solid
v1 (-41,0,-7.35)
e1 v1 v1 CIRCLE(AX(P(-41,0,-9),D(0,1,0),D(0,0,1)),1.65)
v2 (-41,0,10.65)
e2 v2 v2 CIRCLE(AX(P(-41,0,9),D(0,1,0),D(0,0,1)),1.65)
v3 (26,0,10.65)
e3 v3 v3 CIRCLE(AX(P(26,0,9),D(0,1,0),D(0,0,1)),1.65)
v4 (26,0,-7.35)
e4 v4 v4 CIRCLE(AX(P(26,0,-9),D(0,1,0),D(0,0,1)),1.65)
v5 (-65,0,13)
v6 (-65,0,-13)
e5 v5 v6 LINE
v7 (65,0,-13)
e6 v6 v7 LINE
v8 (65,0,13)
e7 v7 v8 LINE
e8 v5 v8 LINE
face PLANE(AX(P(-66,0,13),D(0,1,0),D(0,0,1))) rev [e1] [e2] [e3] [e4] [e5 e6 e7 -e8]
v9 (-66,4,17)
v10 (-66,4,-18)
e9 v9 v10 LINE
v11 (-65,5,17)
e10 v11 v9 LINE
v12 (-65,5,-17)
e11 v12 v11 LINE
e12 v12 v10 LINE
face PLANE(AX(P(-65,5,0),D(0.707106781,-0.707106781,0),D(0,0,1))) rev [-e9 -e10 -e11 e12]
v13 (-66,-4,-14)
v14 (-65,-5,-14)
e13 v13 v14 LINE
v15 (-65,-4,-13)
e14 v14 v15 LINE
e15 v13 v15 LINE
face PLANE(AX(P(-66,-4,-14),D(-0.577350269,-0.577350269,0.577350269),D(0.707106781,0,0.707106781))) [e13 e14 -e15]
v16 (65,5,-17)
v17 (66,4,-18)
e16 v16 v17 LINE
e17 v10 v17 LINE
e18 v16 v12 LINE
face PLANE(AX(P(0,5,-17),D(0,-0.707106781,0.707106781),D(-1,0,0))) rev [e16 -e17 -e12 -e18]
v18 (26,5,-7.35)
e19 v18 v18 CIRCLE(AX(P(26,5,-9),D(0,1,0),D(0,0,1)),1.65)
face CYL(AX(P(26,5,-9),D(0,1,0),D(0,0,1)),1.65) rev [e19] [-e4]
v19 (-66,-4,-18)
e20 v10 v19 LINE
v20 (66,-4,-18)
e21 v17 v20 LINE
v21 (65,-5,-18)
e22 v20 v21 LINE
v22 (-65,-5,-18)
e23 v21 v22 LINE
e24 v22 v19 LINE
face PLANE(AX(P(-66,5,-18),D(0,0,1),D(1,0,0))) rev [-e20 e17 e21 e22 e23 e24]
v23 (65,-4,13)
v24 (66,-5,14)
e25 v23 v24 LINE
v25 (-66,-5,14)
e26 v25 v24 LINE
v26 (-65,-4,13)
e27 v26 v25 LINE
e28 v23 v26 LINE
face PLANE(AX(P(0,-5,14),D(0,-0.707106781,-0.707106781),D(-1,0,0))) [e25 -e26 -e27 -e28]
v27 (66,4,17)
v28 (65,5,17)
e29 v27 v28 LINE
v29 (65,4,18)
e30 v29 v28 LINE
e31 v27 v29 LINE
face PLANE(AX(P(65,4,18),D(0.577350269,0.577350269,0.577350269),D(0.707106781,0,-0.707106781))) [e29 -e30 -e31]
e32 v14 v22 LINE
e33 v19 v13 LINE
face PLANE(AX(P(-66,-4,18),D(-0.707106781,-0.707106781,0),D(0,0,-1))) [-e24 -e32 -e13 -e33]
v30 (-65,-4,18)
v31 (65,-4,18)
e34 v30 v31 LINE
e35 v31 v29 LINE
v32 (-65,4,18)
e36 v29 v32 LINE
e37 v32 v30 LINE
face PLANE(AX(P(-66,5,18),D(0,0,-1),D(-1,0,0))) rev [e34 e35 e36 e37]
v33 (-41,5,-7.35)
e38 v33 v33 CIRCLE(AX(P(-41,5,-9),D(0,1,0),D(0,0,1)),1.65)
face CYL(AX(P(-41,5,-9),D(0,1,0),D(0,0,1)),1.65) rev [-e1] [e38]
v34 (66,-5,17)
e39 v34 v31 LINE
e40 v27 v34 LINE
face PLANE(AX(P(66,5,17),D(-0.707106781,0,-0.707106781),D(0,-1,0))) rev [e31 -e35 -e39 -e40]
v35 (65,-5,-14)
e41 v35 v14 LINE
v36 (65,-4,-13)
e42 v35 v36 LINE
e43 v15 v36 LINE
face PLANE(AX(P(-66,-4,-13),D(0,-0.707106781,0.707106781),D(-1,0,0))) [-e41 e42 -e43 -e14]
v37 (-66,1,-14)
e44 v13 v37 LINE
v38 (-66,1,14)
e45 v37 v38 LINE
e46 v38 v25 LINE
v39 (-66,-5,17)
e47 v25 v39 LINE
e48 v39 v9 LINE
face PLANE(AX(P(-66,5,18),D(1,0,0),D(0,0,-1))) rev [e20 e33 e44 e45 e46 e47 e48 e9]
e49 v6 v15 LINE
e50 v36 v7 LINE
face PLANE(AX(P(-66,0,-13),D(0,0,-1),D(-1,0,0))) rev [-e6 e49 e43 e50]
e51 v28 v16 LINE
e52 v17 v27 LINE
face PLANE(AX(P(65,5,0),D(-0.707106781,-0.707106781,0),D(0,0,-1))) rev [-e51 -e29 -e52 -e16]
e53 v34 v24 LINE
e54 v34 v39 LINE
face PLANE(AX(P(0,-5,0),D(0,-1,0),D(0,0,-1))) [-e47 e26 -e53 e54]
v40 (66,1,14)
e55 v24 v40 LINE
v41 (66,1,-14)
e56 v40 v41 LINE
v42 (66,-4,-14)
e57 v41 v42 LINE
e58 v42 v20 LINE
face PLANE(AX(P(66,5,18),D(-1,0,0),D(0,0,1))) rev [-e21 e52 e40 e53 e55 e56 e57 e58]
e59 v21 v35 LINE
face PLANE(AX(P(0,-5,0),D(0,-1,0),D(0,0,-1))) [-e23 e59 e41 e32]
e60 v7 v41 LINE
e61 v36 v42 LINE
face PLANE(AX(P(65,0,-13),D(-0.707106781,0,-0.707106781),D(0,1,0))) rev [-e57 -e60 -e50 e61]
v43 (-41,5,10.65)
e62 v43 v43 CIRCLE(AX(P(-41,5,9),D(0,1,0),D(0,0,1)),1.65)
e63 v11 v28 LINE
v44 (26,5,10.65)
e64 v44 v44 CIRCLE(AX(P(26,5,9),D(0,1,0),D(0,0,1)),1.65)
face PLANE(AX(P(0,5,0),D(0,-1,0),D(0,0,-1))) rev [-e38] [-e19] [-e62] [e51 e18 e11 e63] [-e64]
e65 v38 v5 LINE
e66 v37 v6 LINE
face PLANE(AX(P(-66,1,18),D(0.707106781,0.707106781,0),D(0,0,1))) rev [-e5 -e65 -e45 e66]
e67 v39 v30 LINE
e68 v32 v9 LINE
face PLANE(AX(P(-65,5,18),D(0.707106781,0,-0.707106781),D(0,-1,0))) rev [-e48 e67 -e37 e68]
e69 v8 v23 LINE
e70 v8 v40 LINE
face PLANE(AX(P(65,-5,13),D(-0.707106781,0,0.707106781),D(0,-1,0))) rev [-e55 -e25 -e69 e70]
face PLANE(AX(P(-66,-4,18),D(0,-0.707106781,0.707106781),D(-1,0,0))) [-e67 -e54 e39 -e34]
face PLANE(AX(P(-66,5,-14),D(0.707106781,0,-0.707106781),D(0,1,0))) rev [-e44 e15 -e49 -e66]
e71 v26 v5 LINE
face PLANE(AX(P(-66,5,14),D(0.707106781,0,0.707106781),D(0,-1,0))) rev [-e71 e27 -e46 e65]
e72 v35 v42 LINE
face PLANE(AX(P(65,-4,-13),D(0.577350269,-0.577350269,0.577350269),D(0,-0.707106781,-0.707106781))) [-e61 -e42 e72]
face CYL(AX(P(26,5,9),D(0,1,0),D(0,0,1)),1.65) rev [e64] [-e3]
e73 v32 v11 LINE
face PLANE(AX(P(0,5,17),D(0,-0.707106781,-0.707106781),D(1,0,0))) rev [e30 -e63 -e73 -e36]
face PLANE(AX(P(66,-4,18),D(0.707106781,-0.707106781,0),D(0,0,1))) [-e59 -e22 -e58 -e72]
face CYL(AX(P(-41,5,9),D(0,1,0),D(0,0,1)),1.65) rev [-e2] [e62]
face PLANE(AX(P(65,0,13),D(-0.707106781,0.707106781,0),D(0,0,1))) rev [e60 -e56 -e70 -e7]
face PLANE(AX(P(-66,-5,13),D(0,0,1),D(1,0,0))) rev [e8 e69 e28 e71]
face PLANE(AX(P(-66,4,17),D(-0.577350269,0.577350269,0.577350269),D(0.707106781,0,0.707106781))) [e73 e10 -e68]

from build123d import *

# Parameters (mm, degrees)
SKETCH1_W                       = 132
SKETCH1_H                       = 36
BOSS_EXTRUDE1_DEPTH             = 5
SKETCH2_W                       = 26
SKETCH2_H                       = 5
CUT_EXTRUDE1_DEPTH              = 67
CUT_EXTRUDE1_DEPTH_BACK         = 67
CHAMFER1_SIZE                   = 1
TAP_DRILL_FOR_M4X0_7_TAP1_D     = 3.3
TAP_DRILL_FOR_M4X0_7_TAP1_DEPTH = 14
TAP_DRILL_FOR_M4X0_7_TAP1_TIP   = 0.991420021


with BuildPart() as part:
    # Sketch1 → Boss-Extrude1 (new body, symmetric)
    with BuildSketch(Plane(origin=(0, 0, 0), x_dir=(1, 0, 0), z_dir=(0, 1, 0))):
        Rectangle(SKETCH1_W, SKETCH1_H)
    extrude(amount=BOSS_EXTRUDE1_DEPTH, both=True)

    # Sketch2 → Cut-Extrude1 (cut, two sides)
    with BuildSketch(Plane(origin=(0, 0, 0), x_dir=(0, 0, -1), z_dir=(1, 0, 0))) as cut_extrude1_sk:
        with Locations((0, -2.5)):
            Rectangle(SKETCH2_W, SKETCH2_H)
    extrude(amount=CUT_EXTRUDE1_DEPTH, mode=Mode.SUBTRACT)
    extrude(cut_extrude1_sk.sketch, amount=-CUT_EXTRUDE1_DEPTH_BACK, mode=Mode.SUBTRACT)

    # Chamfer1
    chamfer1_edges = [part.edges().sort_by_distance(p)[0] for p in [
        (-66, -2.5, 13),
        (-66, -5, -15.5),
        (-66, 0, 0),
        (-66, -2.5, -13),
        (0, -5, 13),
        (66, -5, -15.5),
        (66, -2.5, -13),
        (66, 0, 0),
        (66, -2.5, 13),
        (0, -5, 18),
        (66, 0, 18),
        (66, 5, 0),
        (0, 5, -18),
        (-66, 5, 0),
        (0, 5, 18),
        (-66, 0, 18),
        (0, -5, -13),
    ]]
    chamfer(chamfer1_edges, length=CHAMFER1_SIZE)

    # Tap Drill for M4x0.7 Tap1
    with Locations(Plane(origin=(-96, 5, 18), x_dir=(1, 0, 0), z_dir=(0, 1, 0))):
        with Locations((55, 27), (122, 27), (55, 9), (122, 9)):
            Hole(TAP_DRILL_FOR_M4X0_7_TAP1_D / 2, depth=TAP_DRILL_FOR_M4X0_7_TAP1_DEPTH)
            with Locations((0, 0, -(TAP_DRILL_FOR_M4X0_7_TAP1_DEPTH + TAP_DRILL_FOR_M4X0_7_TAP1_TIP / 2))):  # 118° drill point
                Cone(0, TAP_DRILL_FOR_M4X0_7_TAP1_D / 2, TAP_DRILL_FOR_M4X0_7_TAP1_TIP, mode=Mode.SUBTRACT)


solid = part.part
